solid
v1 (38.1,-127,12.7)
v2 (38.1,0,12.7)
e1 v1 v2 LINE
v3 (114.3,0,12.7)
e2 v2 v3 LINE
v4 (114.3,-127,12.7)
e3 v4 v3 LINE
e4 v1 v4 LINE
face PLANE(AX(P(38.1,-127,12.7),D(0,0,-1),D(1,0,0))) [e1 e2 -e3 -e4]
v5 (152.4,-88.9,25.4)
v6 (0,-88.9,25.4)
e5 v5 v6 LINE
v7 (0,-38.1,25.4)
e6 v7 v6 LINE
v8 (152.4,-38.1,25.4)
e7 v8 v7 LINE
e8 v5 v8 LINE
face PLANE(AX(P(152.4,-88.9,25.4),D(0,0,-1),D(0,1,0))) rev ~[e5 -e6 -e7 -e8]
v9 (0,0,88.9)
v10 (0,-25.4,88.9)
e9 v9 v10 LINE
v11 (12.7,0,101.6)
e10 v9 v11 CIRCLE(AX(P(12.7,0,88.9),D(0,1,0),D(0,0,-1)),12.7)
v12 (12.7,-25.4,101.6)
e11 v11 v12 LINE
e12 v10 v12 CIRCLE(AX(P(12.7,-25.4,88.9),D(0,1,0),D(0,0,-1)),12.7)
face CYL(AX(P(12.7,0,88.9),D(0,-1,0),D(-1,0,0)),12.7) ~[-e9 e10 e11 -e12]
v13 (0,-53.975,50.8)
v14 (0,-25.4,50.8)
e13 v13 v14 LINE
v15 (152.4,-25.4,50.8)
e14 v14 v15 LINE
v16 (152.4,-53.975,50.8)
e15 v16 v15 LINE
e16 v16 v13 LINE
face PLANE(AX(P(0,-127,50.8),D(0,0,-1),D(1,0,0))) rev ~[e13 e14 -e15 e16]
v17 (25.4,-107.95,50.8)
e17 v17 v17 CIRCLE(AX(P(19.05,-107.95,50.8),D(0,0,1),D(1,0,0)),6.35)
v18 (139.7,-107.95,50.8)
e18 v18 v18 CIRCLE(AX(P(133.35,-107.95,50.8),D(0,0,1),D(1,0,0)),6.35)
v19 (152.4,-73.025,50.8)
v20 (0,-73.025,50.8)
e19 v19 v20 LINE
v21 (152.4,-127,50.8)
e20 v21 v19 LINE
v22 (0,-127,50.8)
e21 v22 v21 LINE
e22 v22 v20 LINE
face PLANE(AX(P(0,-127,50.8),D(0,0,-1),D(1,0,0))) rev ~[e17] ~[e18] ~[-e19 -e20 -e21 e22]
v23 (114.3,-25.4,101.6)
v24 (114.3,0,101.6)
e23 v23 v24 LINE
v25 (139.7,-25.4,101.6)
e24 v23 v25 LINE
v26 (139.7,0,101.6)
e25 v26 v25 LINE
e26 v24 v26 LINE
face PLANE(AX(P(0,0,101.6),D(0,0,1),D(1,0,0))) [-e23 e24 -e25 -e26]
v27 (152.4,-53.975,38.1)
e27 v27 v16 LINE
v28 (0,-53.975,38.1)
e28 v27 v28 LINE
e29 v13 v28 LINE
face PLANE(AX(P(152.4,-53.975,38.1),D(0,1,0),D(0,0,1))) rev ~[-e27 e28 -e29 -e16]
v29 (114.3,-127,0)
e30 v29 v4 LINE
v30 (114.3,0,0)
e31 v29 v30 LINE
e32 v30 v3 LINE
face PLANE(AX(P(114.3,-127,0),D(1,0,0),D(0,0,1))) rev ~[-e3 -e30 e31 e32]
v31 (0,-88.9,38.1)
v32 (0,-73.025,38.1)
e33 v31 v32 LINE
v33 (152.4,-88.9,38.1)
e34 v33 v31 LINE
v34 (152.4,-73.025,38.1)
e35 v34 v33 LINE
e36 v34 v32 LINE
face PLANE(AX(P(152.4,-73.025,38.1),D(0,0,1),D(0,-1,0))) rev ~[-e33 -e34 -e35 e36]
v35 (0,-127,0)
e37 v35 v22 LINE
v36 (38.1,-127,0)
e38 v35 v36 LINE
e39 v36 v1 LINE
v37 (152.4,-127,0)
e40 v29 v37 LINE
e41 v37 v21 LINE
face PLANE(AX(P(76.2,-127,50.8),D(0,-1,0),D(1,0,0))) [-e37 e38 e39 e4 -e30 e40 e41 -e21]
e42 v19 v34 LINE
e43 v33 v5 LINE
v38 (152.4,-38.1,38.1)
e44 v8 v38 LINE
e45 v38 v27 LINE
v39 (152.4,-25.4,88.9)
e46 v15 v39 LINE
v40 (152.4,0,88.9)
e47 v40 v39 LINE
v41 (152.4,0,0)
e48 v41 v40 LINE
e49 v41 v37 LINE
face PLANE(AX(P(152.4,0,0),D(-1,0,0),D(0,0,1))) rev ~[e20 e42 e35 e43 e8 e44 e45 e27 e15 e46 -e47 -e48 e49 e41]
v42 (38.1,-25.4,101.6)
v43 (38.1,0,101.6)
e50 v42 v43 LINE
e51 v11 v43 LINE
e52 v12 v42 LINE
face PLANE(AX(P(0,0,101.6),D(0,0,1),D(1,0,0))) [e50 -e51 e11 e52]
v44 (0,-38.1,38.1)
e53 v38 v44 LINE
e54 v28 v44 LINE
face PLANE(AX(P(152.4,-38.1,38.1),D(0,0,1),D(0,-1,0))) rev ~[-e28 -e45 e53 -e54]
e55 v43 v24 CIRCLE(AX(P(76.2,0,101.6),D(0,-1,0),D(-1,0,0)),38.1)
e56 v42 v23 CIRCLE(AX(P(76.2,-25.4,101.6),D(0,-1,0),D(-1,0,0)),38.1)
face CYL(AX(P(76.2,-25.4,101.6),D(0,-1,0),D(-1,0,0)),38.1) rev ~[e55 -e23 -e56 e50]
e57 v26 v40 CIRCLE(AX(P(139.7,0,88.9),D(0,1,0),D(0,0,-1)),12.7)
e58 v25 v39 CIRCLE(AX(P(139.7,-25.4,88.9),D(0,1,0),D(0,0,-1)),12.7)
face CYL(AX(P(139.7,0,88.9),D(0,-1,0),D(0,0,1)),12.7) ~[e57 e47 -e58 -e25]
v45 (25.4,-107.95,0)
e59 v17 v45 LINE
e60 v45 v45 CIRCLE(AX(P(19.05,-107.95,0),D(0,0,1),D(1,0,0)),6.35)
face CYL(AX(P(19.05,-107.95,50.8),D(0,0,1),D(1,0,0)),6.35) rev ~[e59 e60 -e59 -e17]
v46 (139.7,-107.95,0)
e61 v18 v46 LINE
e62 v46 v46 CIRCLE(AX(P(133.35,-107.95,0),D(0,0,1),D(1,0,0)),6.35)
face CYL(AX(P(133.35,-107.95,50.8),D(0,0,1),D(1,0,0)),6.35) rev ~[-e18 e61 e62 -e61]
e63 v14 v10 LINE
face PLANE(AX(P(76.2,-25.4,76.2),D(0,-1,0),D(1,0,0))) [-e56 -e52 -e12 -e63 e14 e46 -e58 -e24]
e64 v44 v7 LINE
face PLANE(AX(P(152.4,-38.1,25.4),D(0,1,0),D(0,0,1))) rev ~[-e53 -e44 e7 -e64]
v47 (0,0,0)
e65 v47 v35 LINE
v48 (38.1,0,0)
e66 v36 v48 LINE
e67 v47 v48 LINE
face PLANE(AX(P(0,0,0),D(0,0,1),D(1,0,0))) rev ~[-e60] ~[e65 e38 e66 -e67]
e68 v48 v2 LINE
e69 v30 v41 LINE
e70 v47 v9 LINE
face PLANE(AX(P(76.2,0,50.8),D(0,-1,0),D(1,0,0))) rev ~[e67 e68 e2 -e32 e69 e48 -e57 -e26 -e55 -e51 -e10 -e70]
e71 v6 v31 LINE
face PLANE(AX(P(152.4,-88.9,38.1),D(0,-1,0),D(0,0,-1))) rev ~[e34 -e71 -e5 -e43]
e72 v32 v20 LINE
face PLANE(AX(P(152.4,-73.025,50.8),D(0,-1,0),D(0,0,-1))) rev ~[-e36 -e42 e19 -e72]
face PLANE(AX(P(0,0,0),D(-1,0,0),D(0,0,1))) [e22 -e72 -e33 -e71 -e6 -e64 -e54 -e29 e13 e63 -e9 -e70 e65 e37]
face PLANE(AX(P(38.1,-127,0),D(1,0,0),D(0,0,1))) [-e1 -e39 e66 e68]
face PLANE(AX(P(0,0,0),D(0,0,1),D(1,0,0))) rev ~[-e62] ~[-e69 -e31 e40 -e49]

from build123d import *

# Parameters (mm, degrees)
F0_W      = 152.4
F0_H      = 101.6
F1_DEPTH  = 127
F2_W      = 152.4
F2_H      = 50.8
F3_DEPTH  = 101.6
F5_DEPTH  = 25.4
F6_W      = 76.2
F6_H      = 12.7
F7_DEPTH  = 127.001
F9_DEPTH  = 152.401
F10_R     = 6.35
F11_DEPTH = 50.801
F12_R     = 12.7


with BuildPart() as f1:
    # F0 (on Front) → F1 (new body)
    with BuildSketch(Plane.XZ):
        with Locations((76.2, 50.8)):
            Rectangle(F0_W, F0_H)
    extrude(amount=F1_DEPTH)

    # F2 (on face) → F3 (cut)
    with BuildSketch(Plane.XZ.offset(127)):
        with Locations((76.2, 76.2)):
            Rectangle(F2_W, F2_H)
    extrude(amount=-F3_DEPTH, mode=Mode.SUBTRACT)

    # F4 (on face) → F5 (cut)
    with BuildSketch(Plane.XZ.offset(25.4)):
        with BuildLine():
            Line((114.3, 101.6), (38.1, 101.6))
            ThreePointArc((38.1, 101.6), (76.2, 63.5), (114.3, 101.6))
        make_face()
    extrude(amount=-F5_DEPTH, mode=Mode.SUBTRACT)

    # F6 (on face) → F7 (cut, through all)
    with BuildSketch(Plane.XZ.offset(127)):
        with Locations((76.2, 6.35)):
            Rectangle(F6_W, F6_H)
    extrude(amount=-F7_DEPTH, mode=Mode.SUBTRACT)

    # F8 (on face) → F9 (cut, through all)
    with BuildSketch(Plane.YZ.offset(152.4)):
        Polygon((-53.975, 50.8), (-73.025, 50.8), (-73.025, 38.1), (-88.9, 38.1), (-88.9, 25.4), (-38.1, 25.4), (-38.1, 38.1), (-53.975, 38.1), align=None)
    extrude(amount=-F9_DEPTH, mode=Mode.SUBTRACT)

    # F10 (on face) → F11 (cut, through all)
    with BuildSketch(Plane.XY.offset(50.8)):
        with Locations((19.05, -107.95)):
            Circle(F10_R)
        with Locations((133.35, -107.95)):
            Circle(F10_R)
    extrude(amount=-F11_DEPTH, mode=Mode.SUBTRACT)

    # F12
    f12_edges = [f1.edges().sort_by_distance(p)[0] for p in [
        (152.4, -12.7, 101.6),
        (0, -12.7, 101.6),
    ]]
    fillet(f12_edges, radius=F12_R)


solid = f1.part
